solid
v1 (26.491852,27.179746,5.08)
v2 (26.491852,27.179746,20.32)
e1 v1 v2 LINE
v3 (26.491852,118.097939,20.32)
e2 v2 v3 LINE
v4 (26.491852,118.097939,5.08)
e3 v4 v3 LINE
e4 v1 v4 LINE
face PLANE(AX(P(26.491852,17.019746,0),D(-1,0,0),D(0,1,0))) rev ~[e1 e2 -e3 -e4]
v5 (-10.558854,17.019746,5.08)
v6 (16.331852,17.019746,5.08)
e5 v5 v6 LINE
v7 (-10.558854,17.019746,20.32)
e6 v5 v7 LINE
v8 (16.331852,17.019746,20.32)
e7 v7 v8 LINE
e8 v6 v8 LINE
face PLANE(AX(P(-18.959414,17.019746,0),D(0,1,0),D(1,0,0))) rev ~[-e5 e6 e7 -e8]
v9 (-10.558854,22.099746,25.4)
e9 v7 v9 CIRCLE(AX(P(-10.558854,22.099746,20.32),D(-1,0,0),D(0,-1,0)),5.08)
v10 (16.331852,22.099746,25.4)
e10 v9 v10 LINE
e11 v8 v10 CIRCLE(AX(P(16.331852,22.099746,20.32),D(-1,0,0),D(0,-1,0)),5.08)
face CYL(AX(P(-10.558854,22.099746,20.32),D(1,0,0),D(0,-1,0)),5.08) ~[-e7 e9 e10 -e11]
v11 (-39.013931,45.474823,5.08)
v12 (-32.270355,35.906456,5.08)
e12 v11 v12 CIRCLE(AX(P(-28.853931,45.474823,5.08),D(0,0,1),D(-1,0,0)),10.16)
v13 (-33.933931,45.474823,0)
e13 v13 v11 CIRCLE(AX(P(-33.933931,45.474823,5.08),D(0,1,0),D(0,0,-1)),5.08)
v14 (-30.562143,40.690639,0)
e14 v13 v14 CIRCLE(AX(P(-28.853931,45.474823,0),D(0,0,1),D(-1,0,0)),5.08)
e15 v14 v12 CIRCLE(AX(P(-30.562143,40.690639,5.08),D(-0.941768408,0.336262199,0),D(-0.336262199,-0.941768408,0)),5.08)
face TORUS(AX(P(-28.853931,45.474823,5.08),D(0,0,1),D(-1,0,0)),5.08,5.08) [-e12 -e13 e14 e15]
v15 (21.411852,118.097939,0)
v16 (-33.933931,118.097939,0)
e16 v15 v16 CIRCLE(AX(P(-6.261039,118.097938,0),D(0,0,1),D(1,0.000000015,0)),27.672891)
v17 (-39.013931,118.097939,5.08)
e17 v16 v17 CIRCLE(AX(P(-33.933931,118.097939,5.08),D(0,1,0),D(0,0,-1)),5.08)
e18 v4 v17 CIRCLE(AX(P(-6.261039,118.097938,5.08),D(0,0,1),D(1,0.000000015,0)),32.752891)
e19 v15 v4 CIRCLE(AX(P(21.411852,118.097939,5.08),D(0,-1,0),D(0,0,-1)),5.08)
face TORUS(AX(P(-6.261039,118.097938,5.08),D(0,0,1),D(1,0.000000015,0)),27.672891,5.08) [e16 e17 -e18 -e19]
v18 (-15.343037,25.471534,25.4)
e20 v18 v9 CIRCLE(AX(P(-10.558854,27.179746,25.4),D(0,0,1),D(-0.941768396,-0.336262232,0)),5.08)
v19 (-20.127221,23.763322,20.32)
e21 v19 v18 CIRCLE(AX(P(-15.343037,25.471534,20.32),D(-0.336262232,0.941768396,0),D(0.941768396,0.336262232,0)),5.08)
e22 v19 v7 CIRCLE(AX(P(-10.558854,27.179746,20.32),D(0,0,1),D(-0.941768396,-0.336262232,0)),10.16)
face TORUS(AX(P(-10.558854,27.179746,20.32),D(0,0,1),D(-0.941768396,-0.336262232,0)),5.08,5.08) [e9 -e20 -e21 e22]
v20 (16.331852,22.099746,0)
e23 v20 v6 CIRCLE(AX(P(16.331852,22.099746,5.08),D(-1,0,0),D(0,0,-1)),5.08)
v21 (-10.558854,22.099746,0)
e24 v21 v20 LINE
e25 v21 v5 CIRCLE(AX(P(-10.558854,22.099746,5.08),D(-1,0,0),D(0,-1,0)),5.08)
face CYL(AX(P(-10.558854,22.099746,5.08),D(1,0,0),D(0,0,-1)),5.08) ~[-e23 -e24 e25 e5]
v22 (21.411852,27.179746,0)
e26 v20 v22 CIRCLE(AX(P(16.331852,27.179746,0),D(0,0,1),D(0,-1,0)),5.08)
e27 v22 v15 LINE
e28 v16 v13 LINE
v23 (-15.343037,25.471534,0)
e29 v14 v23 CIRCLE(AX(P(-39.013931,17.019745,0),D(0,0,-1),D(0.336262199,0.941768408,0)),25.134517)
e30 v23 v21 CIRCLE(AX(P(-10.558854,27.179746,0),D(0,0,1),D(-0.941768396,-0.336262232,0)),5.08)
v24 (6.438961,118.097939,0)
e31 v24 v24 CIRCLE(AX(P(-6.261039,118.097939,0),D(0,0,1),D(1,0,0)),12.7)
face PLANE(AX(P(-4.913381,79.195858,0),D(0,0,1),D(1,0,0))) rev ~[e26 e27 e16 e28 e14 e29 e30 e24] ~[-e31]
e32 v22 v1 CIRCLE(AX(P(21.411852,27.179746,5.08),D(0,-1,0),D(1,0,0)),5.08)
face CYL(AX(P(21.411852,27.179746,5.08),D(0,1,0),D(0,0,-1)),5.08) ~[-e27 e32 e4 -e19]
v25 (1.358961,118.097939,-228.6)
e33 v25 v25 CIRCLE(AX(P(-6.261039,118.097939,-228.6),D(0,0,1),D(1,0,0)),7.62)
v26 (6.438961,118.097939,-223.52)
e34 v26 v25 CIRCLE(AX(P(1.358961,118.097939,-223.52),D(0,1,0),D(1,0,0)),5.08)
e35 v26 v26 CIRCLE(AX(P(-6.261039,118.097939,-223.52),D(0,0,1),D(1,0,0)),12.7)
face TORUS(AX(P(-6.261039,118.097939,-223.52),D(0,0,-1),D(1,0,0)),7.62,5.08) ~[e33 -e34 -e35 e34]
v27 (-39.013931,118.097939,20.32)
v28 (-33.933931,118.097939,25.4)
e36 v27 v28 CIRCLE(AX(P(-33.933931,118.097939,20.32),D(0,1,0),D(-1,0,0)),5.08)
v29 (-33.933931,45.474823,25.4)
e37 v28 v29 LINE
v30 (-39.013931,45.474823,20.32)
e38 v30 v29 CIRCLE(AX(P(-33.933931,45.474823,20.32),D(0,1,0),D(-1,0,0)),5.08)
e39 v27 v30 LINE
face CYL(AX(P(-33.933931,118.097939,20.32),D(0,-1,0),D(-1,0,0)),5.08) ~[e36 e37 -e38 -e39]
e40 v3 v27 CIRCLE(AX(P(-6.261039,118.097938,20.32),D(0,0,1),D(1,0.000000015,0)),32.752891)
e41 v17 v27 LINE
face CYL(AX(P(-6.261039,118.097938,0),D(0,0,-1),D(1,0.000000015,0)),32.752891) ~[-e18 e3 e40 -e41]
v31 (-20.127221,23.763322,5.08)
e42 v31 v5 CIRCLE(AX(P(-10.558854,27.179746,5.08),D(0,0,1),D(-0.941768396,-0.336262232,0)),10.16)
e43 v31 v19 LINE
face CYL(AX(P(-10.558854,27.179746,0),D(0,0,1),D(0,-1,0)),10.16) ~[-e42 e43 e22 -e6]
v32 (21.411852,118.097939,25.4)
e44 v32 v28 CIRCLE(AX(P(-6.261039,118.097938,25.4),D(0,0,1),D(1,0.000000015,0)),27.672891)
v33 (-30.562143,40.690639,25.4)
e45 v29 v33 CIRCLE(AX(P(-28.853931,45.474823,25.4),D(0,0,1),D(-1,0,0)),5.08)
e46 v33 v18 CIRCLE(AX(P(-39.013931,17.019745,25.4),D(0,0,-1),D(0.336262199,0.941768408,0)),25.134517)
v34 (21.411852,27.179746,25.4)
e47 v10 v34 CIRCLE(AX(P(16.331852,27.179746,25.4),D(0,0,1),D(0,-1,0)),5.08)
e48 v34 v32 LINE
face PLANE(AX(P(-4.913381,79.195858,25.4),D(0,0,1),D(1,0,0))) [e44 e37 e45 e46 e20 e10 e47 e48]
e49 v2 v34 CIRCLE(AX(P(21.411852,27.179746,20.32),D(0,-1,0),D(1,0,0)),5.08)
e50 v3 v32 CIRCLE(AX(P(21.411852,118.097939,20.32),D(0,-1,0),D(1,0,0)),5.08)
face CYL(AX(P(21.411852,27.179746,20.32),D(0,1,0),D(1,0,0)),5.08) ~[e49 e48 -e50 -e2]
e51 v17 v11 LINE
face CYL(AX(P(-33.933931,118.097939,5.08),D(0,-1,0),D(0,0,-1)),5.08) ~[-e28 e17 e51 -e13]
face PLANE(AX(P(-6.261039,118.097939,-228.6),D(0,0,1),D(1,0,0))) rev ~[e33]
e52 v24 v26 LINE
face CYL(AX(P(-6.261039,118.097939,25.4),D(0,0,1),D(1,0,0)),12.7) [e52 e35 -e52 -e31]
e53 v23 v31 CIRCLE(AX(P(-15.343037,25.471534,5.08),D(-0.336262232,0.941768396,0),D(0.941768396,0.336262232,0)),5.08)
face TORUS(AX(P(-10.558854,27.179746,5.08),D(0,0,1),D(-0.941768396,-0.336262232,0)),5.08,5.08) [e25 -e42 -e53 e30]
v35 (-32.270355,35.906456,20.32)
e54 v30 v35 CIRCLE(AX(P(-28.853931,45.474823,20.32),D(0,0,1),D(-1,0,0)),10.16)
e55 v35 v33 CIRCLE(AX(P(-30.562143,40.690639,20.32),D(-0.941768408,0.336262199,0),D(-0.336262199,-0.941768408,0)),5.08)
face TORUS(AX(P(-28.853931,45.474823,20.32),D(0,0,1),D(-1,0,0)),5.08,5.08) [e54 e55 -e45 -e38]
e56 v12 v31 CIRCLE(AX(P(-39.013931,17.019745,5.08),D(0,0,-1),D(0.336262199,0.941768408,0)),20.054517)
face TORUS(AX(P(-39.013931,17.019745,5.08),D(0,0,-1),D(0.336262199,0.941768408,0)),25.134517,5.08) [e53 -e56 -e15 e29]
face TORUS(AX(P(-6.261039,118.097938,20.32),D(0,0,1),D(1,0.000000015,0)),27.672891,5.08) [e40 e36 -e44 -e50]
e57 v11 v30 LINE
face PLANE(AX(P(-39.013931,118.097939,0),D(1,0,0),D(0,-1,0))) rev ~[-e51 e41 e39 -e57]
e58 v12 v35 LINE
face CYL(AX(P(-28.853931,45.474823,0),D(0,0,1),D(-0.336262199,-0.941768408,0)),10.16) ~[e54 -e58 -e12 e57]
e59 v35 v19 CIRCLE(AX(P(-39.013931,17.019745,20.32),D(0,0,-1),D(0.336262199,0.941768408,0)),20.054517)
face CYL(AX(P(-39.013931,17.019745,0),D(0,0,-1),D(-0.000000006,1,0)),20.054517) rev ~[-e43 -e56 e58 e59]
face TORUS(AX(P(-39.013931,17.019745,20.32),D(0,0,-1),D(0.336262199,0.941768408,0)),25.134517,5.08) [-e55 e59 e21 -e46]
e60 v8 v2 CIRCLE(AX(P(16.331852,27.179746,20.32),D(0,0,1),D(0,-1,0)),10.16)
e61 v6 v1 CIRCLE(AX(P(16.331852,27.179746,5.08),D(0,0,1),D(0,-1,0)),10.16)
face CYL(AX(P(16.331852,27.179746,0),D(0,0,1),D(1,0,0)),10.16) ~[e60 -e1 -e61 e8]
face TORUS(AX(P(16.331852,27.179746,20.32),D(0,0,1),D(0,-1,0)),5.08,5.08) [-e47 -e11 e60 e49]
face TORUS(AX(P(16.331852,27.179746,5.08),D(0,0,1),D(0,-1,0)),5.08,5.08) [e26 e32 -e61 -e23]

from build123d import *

# Parameters (mm, degrees)
F0_R     = 12.7
F1_DEPTH = 25.4
F2_R     = 12.7
F3_DEPTH = 254
F4_R     = 5.08
F5_R     = 10.16
F6_R     = 5.08


with BuildPart() as f1:
    # F0 (on Top) → F1 (new body)
    with BuildSketch(Plane.XY):
        with BuildLine():
            Line((26.491852, 17.019746), (26.491852, 118.097939))
            ThreePointArc((26.491852, 118.097939), (-6.261039, 150.85083), (-39.013931, 118.097939))
            Line((-39.013931, 118.097939), (-39.013931, 37.074262))
            ThreePointArc((-39.013931, 37.074262), (-24.833246, 31.20043), (-18.959414, 17.019746))
            Line((-18.959414, 17.019746), (26.491852, 17.019746))
        make_face()
        with Locations((-6.261039, 118.097939)):
            Circle(F0_R, mode=Mode.SUBTRACT)
    extrude(amount=F1_DEPTH)

    # F2 (on face) → F3 (join)
    with BuildSketch(Plane.XY.offset(25.4)):
        with Locations((-6.261039, 118.097939)):
            Circle(F2_R)
    extrude(amount=-F3_DEPTH)

    # F4
    f4_edges = [f1.edges().sort_by_distance(p)[0] for p in [
        (-18.961039, 118.097939, -228.6),
    ]]
    fillet(f4_edges, radius=F4_R)

    # F5
    f5_edges = [f1.edges().sort_by_distance(p)[0] for p in [
        (26.491852, 17.019746, 12.7),
        (-18.959414, 17.019746, 12.7),
        (-39.013931, 37.074262, 12.7),
    ]]
    fillet(f5_edges, radius=F5_R)

    # F6
    f6_edges = [f1.edges().sort_by_distance(p)[0] for p in [
        (-39.013931, 81.786381, 25.4),
        (-39.013931, 81.786381, 0),
    ]]
    fillet(f6_edges, radius=F6_R)


solid = f1.part
